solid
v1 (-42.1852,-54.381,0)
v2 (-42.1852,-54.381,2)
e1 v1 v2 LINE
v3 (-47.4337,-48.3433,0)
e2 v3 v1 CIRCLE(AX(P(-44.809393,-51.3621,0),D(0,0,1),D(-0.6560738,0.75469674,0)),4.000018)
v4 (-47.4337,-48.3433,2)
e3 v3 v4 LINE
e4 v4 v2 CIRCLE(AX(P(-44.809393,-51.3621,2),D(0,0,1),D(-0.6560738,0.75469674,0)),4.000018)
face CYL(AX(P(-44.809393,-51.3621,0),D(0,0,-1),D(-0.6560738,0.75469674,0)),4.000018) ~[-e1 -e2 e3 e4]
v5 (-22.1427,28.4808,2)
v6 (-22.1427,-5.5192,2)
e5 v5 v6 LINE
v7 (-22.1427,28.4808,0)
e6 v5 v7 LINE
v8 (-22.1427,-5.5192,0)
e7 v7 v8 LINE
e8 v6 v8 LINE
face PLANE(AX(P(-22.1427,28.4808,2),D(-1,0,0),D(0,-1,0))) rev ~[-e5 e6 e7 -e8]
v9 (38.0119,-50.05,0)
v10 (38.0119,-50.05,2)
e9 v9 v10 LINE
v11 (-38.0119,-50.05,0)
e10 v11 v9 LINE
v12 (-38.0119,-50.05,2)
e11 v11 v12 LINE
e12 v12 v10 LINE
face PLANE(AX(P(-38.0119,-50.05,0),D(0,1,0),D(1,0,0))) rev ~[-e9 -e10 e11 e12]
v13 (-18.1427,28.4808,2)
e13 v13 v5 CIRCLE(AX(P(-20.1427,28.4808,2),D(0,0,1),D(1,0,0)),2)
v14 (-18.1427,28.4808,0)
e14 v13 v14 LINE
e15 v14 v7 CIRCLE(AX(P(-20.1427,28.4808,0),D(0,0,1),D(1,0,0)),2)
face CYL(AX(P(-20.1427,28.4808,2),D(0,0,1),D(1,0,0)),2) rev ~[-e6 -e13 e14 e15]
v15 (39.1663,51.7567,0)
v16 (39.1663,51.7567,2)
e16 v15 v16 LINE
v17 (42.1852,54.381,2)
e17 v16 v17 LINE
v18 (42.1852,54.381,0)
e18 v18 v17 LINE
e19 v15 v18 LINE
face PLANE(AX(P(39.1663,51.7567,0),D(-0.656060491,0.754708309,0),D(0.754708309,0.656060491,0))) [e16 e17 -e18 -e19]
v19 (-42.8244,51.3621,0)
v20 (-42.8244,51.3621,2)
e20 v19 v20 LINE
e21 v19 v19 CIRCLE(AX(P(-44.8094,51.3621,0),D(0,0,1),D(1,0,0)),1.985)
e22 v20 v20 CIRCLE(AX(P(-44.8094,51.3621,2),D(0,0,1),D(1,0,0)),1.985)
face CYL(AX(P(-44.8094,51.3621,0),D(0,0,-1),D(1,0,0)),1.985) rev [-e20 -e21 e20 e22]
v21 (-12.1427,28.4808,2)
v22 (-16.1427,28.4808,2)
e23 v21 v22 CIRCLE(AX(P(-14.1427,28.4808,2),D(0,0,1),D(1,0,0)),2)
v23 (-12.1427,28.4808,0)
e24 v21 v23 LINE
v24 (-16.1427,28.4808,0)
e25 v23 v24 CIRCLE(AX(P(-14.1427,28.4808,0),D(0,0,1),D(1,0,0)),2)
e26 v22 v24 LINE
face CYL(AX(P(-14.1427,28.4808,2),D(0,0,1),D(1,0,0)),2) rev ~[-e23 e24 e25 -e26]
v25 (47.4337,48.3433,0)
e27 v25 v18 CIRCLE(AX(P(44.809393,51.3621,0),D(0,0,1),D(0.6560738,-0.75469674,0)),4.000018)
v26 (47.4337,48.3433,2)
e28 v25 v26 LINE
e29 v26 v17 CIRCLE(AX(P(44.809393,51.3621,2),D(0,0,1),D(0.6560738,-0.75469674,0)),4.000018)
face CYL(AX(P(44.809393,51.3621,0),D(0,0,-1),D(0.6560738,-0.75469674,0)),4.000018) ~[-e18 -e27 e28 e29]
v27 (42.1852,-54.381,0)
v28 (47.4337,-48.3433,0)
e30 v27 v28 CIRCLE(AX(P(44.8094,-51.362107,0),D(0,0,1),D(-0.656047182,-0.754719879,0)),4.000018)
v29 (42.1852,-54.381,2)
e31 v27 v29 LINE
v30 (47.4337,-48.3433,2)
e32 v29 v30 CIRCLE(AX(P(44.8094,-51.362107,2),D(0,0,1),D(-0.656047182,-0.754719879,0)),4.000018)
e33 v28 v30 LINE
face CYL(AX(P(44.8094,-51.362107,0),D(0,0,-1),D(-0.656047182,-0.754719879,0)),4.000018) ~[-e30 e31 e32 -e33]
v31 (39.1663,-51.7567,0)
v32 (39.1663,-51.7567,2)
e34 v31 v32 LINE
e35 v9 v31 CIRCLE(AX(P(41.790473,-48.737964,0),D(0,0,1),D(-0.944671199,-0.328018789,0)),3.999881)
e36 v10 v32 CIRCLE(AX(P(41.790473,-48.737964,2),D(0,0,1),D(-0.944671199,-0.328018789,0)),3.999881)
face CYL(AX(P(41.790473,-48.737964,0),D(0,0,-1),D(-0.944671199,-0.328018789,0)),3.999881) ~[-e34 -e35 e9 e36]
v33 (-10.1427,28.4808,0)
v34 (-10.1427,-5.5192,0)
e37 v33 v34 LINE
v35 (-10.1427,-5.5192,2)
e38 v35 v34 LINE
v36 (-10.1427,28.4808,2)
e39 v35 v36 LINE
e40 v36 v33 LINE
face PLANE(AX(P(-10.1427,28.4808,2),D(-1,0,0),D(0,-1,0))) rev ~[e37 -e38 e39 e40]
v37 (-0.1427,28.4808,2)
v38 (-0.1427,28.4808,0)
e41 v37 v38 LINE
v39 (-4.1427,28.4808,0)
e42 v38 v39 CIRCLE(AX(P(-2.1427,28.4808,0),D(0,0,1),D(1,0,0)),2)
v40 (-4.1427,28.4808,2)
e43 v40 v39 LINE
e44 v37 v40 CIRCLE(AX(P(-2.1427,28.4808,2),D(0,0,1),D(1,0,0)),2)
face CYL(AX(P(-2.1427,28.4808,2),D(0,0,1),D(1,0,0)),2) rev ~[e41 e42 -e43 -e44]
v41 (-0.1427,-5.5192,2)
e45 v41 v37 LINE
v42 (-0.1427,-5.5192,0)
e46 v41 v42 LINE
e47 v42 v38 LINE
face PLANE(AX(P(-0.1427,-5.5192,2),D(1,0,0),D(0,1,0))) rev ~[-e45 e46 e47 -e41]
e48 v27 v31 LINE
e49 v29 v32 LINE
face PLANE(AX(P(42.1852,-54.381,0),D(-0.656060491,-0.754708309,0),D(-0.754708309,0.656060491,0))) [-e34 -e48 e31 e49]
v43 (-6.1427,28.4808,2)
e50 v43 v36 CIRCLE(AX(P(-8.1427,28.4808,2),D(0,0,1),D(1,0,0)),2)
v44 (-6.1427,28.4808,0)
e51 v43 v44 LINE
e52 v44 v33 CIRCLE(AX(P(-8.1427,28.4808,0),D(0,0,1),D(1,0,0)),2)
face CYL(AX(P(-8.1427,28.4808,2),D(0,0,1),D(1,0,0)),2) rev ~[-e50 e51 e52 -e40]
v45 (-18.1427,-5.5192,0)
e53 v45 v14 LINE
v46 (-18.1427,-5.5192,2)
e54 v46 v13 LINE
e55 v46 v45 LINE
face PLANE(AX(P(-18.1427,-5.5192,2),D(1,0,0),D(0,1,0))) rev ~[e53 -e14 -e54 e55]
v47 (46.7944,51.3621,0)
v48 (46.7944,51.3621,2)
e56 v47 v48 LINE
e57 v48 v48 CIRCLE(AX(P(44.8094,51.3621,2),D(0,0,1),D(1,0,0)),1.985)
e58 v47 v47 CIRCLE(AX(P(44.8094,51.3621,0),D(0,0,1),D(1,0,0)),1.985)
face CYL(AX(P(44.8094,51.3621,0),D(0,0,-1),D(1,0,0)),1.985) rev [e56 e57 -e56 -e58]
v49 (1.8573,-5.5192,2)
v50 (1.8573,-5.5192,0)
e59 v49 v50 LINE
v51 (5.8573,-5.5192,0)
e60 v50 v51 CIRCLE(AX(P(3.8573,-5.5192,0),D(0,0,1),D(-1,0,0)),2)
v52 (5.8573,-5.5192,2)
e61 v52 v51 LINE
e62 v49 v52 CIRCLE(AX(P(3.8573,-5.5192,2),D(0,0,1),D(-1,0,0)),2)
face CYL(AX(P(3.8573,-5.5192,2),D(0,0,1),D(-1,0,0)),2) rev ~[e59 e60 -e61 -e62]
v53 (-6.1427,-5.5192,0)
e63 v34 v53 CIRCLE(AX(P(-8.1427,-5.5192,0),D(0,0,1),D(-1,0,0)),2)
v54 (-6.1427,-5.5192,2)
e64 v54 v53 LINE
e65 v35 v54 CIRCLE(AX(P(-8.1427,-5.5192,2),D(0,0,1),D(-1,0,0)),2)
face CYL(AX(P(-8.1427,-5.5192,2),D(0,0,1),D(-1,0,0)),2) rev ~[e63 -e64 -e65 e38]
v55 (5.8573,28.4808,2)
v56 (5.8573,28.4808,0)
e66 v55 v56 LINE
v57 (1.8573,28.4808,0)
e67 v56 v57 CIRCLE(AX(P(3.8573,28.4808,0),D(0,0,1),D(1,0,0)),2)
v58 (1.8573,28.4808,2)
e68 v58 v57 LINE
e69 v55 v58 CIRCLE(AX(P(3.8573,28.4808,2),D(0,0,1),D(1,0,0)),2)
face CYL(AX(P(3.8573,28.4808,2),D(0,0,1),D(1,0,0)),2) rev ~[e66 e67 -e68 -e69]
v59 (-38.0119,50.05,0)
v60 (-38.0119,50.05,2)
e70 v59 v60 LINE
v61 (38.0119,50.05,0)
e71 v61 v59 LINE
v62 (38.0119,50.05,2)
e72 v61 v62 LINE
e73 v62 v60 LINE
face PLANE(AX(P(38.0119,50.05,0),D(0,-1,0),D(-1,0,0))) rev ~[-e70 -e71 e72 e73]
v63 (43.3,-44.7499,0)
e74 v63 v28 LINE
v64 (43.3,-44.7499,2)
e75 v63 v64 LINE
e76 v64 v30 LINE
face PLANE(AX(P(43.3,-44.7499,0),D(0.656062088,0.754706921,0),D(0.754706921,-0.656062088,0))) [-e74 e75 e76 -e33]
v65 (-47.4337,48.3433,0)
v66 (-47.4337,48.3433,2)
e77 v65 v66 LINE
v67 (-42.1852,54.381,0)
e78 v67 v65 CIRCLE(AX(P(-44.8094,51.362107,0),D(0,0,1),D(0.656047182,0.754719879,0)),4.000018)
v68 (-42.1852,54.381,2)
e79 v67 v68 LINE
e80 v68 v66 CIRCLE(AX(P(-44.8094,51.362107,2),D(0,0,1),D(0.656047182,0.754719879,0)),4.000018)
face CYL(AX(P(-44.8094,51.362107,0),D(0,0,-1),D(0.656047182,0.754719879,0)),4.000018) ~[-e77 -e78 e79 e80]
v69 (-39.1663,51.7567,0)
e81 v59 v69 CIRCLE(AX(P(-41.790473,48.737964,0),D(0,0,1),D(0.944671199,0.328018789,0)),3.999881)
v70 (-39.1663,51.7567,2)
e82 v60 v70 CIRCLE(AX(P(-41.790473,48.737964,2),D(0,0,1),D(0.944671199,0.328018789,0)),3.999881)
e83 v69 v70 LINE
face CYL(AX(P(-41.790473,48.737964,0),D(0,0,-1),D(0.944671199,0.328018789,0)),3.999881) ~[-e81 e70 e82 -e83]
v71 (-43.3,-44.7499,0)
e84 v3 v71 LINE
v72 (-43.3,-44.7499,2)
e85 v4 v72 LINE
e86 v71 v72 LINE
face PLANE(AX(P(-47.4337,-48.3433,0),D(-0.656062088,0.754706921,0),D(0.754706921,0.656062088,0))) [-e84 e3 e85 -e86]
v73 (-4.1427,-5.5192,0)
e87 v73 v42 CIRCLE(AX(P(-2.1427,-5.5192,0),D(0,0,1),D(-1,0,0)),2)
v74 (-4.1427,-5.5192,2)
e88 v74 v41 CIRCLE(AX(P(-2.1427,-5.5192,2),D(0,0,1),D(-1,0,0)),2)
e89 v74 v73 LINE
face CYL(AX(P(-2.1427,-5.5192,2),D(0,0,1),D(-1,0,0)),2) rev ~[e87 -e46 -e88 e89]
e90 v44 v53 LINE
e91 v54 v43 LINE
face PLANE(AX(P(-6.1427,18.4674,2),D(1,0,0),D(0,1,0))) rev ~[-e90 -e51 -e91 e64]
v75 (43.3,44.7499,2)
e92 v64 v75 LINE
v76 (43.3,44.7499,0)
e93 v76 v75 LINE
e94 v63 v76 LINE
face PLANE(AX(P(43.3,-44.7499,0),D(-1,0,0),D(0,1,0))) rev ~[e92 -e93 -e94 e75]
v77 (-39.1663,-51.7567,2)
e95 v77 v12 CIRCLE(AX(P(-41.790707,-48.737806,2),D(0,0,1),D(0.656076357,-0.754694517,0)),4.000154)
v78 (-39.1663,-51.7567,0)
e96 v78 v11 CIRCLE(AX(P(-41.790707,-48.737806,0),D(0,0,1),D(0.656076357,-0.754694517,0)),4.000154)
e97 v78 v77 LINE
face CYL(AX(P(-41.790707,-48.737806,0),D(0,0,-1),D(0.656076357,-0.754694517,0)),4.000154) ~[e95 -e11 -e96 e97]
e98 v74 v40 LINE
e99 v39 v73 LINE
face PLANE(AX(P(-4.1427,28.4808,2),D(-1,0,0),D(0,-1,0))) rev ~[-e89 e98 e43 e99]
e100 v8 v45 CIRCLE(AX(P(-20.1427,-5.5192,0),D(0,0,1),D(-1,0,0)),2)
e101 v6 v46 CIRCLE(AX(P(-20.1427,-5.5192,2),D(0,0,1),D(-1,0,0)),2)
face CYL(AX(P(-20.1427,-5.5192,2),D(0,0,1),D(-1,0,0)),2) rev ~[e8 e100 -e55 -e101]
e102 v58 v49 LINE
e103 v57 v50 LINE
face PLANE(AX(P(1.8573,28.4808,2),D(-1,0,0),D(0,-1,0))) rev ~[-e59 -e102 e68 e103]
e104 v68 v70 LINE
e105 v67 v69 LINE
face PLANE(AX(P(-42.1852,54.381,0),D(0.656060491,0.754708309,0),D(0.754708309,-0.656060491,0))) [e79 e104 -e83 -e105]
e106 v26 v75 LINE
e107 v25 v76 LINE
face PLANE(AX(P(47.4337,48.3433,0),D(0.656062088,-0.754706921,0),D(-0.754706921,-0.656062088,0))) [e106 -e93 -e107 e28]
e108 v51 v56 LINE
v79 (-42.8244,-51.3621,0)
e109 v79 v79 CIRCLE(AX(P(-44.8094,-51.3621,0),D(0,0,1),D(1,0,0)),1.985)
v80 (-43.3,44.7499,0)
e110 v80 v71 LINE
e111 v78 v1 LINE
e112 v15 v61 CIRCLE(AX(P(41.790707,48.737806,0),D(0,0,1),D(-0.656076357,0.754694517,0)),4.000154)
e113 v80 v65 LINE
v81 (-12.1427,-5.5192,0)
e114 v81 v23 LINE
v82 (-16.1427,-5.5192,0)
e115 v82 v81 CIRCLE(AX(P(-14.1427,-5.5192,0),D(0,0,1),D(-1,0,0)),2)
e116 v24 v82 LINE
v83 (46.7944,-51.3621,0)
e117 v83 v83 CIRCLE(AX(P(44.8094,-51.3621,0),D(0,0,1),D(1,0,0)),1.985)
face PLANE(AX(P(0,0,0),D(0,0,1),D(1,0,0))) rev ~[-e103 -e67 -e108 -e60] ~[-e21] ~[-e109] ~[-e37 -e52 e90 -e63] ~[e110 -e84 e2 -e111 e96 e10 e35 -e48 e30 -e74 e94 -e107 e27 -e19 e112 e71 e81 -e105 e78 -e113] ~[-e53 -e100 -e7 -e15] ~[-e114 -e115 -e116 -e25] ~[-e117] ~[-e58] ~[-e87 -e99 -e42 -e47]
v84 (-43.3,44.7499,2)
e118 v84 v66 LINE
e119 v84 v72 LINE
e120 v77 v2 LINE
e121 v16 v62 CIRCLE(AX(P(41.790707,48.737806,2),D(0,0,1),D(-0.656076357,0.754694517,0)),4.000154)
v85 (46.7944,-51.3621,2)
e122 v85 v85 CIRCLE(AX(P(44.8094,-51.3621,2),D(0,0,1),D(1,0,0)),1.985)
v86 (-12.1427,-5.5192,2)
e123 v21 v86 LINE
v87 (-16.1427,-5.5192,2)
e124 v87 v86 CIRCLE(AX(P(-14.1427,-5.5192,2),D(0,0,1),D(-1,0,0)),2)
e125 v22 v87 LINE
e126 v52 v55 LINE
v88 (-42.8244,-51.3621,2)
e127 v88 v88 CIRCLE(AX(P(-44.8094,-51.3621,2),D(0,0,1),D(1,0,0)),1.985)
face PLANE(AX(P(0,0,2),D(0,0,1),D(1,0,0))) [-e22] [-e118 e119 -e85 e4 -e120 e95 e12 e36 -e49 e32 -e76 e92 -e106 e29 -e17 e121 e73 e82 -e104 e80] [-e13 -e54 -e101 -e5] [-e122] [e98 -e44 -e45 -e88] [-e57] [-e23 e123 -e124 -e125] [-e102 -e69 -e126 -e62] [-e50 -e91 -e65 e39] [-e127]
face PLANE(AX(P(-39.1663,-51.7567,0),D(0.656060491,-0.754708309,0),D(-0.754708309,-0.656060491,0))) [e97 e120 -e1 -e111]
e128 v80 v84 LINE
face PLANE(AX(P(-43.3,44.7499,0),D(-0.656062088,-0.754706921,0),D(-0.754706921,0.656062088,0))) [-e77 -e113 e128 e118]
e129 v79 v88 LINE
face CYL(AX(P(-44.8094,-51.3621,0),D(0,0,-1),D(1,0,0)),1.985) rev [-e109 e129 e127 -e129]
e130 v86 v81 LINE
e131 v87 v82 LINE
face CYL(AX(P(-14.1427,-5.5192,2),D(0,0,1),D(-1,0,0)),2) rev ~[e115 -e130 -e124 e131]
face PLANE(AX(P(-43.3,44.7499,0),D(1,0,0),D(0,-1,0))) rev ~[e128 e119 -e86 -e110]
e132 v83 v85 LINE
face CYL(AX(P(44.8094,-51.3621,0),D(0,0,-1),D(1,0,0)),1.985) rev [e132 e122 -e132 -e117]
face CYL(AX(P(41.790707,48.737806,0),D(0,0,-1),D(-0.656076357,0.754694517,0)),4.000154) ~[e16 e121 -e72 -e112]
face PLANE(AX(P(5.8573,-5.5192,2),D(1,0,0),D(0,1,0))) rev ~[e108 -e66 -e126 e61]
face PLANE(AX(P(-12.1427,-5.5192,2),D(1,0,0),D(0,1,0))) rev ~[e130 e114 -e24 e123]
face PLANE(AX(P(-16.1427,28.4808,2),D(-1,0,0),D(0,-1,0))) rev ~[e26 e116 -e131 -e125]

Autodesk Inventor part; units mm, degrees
ref_plane "YZ Plane" through (0, 0, 0) normal (1, 0, 0) x (0, 1, 0)
ref_plane "XZ Plane" through (0, 0, 0) normal (0, 1, 0) x (-1, 0, 0)
ref_plane "XY Plane" through (0, 0, 0) normal (0, 0, 1) x (1, 0, 0)
sketch "Sketch1" plane through (0, 0, 0) normal (0, 0, 1) x (1, 0, 0)
  circle A0 centre (44.8094, -51.3621) radius 1.985 projected
  circle A1 centre (-44.8094, -51.3621) radius 1.985 projected
  circle A2 centre (-44.8094, 51.3621) radius 1.985 projected
  circle A3 centre (44.8094, 51.3621) radius 1.985 projected
  line L0 (38.0119, 50.05) -> (-38.0119, 50.05) projected
  arc A4 (-38.0119, 50.05) -> (-39.1663, 51.7567) centre (-41.7906, 48.7379) ccw projected
  line L1 (-42.1852, 54.381) -> (-39.1663, 51.7567) projected
  arc A5 (-42.1852, 54.381) -> (-47.4337, 48.3433) centre (-44.8094, 51.3621) ccw projected
  line L2 (-43.3, 44.7499) -> (-47.4337, 48.3433) projected
  line L3 (-43.3, 44.7499) -> (-43.3, -44.7499) projected
  line L4 (-47.4337, -48.3433) -> (-43.3, -44.7499) projected
  arc A6 (-47.4337, -48.3433) -> (-42.1852, -54.381) centre (-44.8094, -51.3621) ccw projected
  line L5 (-39.1663, -51.7567) -> (-42.1852, -54.381) projected
  arc A7 (-39.1663, -51.7567) -> (-38.0119, -50.05) centre (-41.7906, -48.7379) ccw projected
  line L6 (-38.0119, -50.05) -> (38.0119, -50.05) projected
  arc A8 (38.0119, -50.05) -> (39.1663, -51.7567) centre (41.7906, -48.7379) ccw projected
  line L7 (42.1852, -54.381) -> (39.1663, -51.7567) projected
  arc A9 (42.1852, -54.381) -> (47.4337, -48.3433) centre (44.8094, -51.3621) ccw projected
  line L8 (43.3, -44.7499) -> (47.4337, -48.3433) projected
  line L9 (43.3, -44.7499) -> (43.3, 44.7499) projected
  line L10 (47.4337, 48.3433) -> (43.3, 44.7499) projected
  arc A10 (47.4337, 48.3433) -> (42.1852, 54.381) centre (44.8094, 51.3621) ccw projected
  line L11 (39.1663, 51.7567) -> (42.1852, 54.381) projected
  arc A11 (39.1663, 51.7567) -> (38.0119, 50.05) centre (41.7906, 48.7379) ccw projected
  line L12 (-40.1, -44.85) -> (-40.1, 44.85) projected
  arc A12 (-38.1, 46.85) -> (-40.1, 44.85) centre (-38.1, 44.85) ccw projected
  line L13 (-38.1, 46.85) -> (38.1, 46.85) projected
  arc A13 (40.1, 44.85) -> (38.1, 46.85) centre (38.1, 44.85) ccw projected
  line L14 (40.1, 44.85) -> (40.1, -44.85) projected
  arc A14 (38.1, -46.85) -> (40.1, -44.85) centre (38.1, -44.85) ccw projected
  line L15 (38.1, -46.85) -> (-38.1, -46.85) projected
  arc A15 (-40.1, -44.85) -> (-38.1, -46.85) centre (-38.1, -44.85) ccw projected
  point P0 (0, 0)
extrude "Extrusion1" add sketch "Sketch1" along normal blind 2 contours A11 L11 A10 L10 L9 L8 A9 L7 A8 L6 A7 L5 A6 L4 L3 L2 A5 L1 A4 L0 | L12 A12 L13 A13 L14 A14 L15 A15
sketch "Sketch3" plane through (0, 0, 2) normal (0, 0, 1) x (1, 0, 0)
  line L0 (-15.2986, 18.4674) -> (-1.1867, 18.4674) projected
  line L1 (-1.1867, 18.4674) -> (-1.1867, 4.4942) projected
  line L2 (-1.1867, 4.4942) -> (-15.2986, 4.4942) projected
  line L3 (-15.2986, 4.4942) -> (-15.2986, 18.4674) projected
  line L4 (-8.1427, -5.5192) -> (-8.1427, 28.4808) construction
  line L5 (-6.1427, -5.5192) -> (-6.1427, 28.4808)
  line L6 (-10.1427, 28.4808) -> (-10.1427, -5.5192)
  arc A0 (-10.1427, -5.5192) -> (-6.1427, -5.5192) centre (-8.1427, -5.5192) ccw
  arc A1 (-6.1427, 28.4808) -> (-10.1427, 28.4808) centre (-8.1427, 28.4808) ccw
  arc A2 (-0.1427, 28.4808) -> (-4.1427, 28.4808) centre (-2.1427, 28.4808) ccw
  line L7 (-0.1427, -5.5192) -> (-0.1427, 28.4808)
  line L8 (-4.1427, 28.4808) -> (-4.1427, -5.5192)
  arc A3 (-4.1427, -5.5192) -> (-0.1427, -5.5192) centre (-2.1427, -5.5192) ccw
  line L9 (5.8573, -5.5192) -> (5.8573, 28.4808)
  arc A4 (5.8573, 28.4808) -> (1.8573, 28.4808) centre (3.8573, 28.4808) ccw
  line L10 (1.8573, 28.4808) -> (1.8573, -5.5192)
  arc A5 (1.8573, -5.5192) -> (5.8573, -5.5192) centre (3.8573, -5.5192) ccw
  line L11 (-16.1427, 28.4808) -> (-16.1427, -5.5192)
  arc A6 (-12.1427, 28.4808) -> (-16.1427, 28.4808) centre (-14.1427, 28.4808) ccw
  line L12 (-12.1427, -5.5192) -> (-12.1427, 28.4808)
  arc A7 (-16.1427, -5.5192) -> (-12.1427, -5.5192) centre (-14.1427, -5.5192) ccw
  line L13 (-22.1427, 28.4808) -> (-22.1427, -5.5192)
  arc A8 (-18.1427, 28.4808) -> (-22.1427, 28.4808) centre (-20.1427, 28.4808) ccw
  line L14 (-18.1427, -5.5192) -> (-18.1427, 28.4808)
  arc A9 (-22.1427, -5.5192) -> (-18.1427, -5.5192) centre (-20.1427, -5.5192) ccw
  point P0 (0, 0)
  point P1 (-8.1427, 11.4808)
  dimension "d8" = 17
  dimension "d9" = 4
  dimension "d12" = 6
  dimension "d19" = 6
  dimension "d26" = 6
extrude "Extrusion3" cut sketch "Sketch3" against normal up to surface (2 mm away) contours L3 L2 L12 A7 L11 A6 L0 | L0 L12 L2 L3 | L6 A1 L5 L0 | L0 L5 L2 L6 | L2 L5 A0 L6 | L8 A2 L7 A3 L2 L1 L0 | L0 L1 L2 L8 | A5 L10 A4 L9 | A8 L14 A9 L13
properties part number "Case Cover Rev D"
